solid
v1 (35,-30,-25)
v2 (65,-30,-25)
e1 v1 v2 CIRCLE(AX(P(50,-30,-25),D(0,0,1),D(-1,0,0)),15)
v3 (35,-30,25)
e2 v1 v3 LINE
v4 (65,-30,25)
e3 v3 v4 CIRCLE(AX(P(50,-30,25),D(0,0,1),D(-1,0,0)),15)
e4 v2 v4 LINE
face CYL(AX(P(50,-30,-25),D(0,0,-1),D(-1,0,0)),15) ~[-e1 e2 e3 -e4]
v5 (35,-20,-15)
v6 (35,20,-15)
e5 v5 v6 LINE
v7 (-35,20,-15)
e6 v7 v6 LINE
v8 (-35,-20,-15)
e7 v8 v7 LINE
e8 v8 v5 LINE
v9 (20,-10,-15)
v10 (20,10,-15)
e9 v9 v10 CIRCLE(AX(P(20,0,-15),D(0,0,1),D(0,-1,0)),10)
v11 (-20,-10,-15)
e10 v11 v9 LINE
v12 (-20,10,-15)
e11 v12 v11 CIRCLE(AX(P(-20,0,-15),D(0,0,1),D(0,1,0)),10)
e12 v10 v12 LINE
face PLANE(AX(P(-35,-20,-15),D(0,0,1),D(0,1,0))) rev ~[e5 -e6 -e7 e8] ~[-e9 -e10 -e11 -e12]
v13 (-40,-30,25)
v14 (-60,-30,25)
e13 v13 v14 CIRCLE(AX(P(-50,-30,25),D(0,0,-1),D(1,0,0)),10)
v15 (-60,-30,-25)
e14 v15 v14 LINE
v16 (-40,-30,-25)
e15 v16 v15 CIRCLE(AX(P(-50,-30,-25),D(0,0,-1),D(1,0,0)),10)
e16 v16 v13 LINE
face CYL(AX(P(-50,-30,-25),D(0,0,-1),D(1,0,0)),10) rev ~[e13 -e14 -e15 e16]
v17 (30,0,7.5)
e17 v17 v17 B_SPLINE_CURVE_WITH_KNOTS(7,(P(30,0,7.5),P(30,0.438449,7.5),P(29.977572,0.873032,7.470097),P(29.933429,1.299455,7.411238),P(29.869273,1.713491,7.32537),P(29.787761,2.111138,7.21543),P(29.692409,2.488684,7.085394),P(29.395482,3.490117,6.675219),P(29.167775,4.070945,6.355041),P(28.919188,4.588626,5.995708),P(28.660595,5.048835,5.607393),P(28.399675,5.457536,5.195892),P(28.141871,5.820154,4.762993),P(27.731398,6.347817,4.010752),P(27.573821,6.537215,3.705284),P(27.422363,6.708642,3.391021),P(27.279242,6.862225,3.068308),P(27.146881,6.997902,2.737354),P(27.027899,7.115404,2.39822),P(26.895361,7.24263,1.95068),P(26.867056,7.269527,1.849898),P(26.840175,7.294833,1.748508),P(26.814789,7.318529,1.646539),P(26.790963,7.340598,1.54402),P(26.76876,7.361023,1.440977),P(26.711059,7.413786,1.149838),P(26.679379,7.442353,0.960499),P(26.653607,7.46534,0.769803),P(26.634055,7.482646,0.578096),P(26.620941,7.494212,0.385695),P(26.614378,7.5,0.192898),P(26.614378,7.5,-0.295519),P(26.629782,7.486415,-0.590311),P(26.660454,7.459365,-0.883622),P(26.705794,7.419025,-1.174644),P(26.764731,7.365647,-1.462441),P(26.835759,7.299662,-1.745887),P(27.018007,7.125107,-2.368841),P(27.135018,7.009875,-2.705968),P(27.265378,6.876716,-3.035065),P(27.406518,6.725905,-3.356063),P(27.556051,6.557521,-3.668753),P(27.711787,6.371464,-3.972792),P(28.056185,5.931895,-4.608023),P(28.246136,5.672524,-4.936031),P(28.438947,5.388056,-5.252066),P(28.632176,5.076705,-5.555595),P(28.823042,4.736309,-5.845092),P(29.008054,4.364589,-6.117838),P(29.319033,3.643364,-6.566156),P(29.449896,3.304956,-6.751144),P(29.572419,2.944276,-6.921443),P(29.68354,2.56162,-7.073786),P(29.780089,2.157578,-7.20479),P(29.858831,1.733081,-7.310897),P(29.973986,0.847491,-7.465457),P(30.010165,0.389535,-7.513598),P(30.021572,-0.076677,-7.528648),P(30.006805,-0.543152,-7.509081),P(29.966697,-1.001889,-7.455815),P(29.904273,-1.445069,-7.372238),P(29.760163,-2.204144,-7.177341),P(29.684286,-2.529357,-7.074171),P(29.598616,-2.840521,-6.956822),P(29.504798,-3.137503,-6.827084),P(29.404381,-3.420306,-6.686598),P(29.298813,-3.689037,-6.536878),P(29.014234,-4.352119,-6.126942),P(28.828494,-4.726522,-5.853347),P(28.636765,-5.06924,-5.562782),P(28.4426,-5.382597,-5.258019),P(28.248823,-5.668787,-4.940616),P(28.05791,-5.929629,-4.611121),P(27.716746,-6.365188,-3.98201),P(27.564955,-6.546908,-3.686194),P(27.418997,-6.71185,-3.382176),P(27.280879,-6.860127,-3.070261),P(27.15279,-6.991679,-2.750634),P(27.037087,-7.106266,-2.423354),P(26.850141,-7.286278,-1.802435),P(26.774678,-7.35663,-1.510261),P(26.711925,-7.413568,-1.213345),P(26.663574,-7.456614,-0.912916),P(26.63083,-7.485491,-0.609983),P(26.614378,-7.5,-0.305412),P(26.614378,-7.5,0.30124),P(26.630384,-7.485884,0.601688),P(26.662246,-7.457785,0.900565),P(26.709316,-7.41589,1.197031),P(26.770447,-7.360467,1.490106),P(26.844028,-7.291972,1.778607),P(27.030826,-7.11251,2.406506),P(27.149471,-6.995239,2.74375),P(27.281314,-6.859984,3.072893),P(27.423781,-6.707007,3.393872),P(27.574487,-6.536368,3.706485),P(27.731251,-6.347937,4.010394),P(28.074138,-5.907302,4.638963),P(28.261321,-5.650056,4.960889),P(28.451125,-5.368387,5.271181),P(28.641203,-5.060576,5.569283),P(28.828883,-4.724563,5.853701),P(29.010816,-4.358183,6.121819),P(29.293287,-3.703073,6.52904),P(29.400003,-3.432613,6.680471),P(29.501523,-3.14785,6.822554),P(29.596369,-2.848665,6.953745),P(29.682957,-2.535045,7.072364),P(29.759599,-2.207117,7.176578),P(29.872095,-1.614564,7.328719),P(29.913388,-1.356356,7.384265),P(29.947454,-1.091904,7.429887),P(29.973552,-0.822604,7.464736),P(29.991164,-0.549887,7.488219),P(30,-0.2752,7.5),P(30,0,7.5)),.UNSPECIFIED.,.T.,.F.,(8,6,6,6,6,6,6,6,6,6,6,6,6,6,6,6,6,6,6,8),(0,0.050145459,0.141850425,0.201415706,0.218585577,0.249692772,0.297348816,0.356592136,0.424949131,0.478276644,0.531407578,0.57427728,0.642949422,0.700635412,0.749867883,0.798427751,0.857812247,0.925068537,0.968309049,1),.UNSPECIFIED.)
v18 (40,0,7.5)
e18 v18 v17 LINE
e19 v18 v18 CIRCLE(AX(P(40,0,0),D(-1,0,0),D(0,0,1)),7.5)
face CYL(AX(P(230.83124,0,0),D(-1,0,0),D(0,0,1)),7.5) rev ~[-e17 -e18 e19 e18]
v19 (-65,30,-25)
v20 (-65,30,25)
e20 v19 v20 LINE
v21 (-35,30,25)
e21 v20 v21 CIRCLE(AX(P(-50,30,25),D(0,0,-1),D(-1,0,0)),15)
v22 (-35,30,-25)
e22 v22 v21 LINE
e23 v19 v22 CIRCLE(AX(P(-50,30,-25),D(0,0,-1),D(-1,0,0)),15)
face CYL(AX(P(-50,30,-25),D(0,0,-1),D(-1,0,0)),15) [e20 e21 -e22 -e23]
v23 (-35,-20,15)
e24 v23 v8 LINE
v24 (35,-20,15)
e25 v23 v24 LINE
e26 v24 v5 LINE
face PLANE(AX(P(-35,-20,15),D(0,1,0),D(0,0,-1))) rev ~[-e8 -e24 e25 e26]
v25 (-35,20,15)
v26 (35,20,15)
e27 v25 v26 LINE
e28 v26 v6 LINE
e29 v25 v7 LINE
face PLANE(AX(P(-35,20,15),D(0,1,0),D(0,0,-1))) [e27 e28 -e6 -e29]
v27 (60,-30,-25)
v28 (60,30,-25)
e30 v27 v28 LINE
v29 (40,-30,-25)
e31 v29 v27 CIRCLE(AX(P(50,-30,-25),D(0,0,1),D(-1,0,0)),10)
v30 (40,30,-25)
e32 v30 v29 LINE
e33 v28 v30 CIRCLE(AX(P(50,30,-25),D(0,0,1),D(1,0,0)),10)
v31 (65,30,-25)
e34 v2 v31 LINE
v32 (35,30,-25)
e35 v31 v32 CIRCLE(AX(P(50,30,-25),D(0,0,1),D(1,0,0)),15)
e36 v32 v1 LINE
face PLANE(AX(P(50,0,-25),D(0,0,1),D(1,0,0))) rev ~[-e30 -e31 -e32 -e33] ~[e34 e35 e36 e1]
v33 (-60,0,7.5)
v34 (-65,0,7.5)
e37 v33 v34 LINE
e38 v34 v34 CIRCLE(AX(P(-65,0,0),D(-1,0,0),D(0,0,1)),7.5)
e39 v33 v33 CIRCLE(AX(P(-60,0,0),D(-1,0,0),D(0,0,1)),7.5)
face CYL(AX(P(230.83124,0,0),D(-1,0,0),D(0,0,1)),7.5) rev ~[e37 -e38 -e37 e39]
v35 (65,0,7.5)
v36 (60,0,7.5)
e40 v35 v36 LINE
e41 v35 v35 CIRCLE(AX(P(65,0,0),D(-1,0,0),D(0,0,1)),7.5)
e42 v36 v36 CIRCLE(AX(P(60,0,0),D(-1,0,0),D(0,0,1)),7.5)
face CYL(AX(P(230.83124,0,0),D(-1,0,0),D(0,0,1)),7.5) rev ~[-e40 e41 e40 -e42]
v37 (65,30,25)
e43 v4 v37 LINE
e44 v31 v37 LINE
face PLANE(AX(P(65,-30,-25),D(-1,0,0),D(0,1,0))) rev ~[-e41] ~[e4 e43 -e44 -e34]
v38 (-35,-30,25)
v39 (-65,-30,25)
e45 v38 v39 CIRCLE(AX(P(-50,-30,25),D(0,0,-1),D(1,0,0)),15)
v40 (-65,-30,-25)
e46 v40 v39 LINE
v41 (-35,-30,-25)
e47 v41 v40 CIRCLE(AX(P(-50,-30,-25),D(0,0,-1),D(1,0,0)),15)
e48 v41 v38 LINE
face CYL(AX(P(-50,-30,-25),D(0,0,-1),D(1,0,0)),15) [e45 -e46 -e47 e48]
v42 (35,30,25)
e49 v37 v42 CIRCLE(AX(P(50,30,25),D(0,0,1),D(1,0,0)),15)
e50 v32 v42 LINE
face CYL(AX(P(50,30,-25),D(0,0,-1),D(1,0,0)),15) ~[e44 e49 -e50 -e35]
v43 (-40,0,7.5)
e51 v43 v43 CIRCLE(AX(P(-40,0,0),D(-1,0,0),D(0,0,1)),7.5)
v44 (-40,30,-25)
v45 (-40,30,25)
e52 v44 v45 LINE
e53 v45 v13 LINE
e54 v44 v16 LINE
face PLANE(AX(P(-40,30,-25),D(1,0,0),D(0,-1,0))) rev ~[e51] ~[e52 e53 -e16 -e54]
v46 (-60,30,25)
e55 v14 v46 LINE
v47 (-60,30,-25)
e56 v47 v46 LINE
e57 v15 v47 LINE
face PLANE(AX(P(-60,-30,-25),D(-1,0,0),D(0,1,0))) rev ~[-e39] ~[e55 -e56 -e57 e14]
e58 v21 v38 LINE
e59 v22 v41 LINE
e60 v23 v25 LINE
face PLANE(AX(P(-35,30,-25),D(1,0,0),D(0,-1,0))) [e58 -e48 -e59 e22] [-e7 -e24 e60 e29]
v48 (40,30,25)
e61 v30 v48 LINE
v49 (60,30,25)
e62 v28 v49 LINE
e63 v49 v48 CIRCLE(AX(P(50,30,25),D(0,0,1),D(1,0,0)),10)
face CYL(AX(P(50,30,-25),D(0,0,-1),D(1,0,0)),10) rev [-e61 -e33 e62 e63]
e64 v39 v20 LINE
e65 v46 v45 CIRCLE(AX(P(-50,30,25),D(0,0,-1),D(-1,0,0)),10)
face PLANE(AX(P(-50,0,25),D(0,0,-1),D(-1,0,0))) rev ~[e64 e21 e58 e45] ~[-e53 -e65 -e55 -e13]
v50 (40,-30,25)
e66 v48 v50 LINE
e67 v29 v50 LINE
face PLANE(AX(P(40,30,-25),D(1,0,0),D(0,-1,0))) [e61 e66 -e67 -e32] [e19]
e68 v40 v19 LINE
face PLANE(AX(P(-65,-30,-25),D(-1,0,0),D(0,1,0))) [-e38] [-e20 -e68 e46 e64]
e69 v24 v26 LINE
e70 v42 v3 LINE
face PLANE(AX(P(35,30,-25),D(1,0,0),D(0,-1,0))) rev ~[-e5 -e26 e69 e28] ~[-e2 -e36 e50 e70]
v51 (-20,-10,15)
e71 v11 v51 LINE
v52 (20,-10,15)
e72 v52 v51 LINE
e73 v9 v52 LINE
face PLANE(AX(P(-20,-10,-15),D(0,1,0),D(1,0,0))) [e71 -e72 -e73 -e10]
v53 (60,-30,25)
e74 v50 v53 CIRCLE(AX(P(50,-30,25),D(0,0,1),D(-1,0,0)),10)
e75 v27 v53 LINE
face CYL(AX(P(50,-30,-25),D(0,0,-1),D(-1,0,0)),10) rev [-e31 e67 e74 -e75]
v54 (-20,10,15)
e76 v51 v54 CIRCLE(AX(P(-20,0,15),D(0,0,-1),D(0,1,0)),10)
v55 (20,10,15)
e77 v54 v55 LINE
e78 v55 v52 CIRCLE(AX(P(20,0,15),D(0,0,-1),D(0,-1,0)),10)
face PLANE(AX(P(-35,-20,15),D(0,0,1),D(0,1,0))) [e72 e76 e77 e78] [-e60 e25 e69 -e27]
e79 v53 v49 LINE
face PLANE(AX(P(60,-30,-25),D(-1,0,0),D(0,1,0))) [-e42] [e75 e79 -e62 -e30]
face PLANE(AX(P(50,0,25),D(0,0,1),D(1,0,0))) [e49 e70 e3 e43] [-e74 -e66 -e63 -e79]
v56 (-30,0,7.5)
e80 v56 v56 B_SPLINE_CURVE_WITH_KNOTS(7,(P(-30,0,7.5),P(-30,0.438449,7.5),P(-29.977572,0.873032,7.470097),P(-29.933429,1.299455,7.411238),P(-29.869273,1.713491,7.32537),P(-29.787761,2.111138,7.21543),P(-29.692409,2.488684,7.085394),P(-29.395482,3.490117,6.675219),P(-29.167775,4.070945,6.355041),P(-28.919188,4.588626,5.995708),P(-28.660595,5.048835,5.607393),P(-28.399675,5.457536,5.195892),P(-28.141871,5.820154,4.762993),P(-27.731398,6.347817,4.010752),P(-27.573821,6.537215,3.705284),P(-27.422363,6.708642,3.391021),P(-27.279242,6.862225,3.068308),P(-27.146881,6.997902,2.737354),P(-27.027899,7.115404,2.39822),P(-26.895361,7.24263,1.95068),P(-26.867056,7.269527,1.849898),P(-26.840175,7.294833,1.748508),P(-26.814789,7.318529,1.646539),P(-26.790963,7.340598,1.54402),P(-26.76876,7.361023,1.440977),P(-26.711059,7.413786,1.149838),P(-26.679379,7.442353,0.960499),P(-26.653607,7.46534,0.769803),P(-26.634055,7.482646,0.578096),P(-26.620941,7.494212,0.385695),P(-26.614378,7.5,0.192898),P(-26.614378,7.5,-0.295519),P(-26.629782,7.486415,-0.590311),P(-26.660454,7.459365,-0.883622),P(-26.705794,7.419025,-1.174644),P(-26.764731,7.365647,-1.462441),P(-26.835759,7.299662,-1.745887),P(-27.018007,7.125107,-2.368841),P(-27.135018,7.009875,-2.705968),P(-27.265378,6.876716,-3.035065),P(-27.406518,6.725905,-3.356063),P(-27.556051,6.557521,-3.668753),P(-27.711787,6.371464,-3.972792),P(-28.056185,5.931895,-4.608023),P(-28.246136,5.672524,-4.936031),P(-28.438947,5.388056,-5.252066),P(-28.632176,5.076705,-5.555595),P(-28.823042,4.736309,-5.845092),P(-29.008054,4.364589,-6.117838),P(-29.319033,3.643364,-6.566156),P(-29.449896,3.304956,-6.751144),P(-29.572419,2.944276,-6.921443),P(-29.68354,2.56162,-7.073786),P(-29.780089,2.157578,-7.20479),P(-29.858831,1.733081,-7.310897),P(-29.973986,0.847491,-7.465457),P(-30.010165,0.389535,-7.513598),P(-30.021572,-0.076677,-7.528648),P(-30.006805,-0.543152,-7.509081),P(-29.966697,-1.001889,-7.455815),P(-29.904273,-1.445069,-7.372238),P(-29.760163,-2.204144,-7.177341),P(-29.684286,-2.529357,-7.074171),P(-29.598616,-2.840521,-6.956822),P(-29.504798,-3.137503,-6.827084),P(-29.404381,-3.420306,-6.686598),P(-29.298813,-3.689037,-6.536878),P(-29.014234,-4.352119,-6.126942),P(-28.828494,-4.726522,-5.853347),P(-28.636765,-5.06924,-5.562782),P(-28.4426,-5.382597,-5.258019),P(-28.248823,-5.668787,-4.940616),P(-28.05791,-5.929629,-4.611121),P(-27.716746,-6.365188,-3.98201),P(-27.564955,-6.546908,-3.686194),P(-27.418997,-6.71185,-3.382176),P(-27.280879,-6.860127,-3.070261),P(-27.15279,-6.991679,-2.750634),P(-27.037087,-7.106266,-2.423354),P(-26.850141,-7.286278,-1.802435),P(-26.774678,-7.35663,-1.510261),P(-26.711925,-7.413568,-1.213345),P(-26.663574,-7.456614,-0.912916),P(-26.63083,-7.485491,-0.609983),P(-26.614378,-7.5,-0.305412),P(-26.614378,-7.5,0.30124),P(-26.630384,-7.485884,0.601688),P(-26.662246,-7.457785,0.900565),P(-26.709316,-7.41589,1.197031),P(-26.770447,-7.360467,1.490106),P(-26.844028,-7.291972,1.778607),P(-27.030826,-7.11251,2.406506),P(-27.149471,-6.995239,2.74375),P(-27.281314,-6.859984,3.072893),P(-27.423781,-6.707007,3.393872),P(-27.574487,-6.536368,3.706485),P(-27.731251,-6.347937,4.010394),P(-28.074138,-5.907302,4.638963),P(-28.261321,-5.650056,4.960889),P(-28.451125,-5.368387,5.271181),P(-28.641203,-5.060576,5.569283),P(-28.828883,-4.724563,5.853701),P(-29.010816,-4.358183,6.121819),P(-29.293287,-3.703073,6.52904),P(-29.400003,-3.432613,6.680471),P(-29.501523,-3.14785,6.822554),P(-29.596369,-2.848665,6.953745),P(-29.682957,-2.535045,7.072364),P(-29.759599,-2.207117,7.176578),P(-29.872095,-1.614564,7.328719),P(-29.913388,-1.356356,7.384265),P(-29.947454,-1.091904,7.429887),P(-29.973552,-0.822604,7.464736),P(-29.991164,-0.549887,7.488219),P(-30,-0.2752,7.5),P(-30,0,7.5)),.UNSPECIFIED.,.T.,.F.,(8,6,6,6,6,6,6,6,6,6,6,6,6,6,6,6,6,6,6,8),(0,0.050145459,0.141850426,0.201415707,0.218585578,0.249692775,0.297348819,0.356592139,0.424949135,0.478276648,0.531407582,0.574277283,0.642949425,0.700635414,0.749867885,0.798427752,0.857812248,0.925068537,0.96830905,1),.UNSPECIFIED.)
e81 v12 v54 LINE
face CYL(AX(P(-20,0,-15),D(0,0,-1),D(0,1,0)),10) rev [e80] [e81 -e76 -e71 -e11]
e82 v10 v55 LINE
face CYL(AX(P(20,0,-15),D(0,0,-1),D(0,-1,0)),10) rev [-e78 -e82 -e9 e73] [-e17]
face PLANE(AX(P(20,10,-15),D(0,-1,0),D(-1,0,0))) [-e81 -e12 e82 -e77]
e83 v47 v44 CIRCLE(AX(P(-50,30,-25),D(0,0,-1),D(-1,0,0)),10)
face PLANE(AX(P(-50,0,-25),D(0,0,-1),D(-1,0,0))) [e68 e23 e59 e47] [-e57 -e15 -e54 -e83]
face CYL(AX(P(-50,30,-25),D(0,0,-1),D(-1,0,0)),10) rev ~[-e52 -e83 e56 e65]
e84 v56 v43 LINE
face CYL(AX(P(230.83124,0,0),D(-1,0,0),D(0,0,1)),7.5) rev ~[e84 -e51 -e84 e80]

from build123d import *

# Parameters (mm, degrees)
BOSS_EXTRUDE1_DEPTH        = 25
BOSS_EXTRUDE1_DEPTH_BACK   = 25
BOSS_EXTRUDE1_2_DEPTH      = 25
BOSS_EXTRUDE1_2_DEPTH_BACK = 25
BOSS_EXTRUDE2_REACH        = 114.472
SKETCH3_W                  = 30
SKETCH3_H                  = 40
CUT_EXTRUDE1_DEPTH         = 89.600225733
HOLE1_D                    = 15


with BuildPart() as part:
    # Sketch1 → Boss-Extrude1 (new, two sides: drawn at the far end of the back side and taken through both)
    with BuildSketch(Plane.XY.offset(-BOSS_EXTRUDE1_DEPTH_BACK)):
        with BuildLine():
            Line((-35, 30), (-35, -30))
            ThreePointArc((-35, -30), (-50, -45), (-65, -30))
            Line((-65, -30), (-65, 30))
            ThreePointArc((-65, 30), (-50, 45), (-35, 30))
        make_face()
        with BuildLine():
            Line((-40, 30), (-40, -30))
            ThreePointArc((-40, -30), (-50, -40), (-60, -30))
            Line((-60, -30), (-60, 30))
            ThreePointArc((-60, 30), (-50, 40), (-40, 30))
        make_face(mode=Mode.SUBTRACT)
    extrude(amount=BOSS_EXTRUDE1_DEPTH + BOSS_EXTRUDE1_DEPTH_BACK)


with BuildPart() as body_2:
    # Sketch1 → Boss-Extrude1 2 (new, two sides: drawn at the far end of the back side and taken through both)
    with BuildSketch(Plane.XY.offset(-BOSS_EXTRUDE1_2_DEPTH_BACK)):
        with BuildLine():
            Line((35, 30), (35, -30))
            ThreePointArc((35, -30), (50, -45), (65, -30))
            Line((65, -30), (65, 30))
            ThreePointArc((65, 30), (50, 45), (35, 30))
        make_face()
        with BuildLine():
            Line((40, 30), (40, -30))
            ThreePointArc((40, -30), (50, -40), (60, -30))
            Line((60, -30), (60, 30))
            ThreePointArc((60, 30), (50, 40), (40, 30))
        make_face(mode=Mode.SUBTRACT)
    extrude(amount=BOSS_EXTRUDE1_2_DEPTH + BOSS_EXTRUDE1_2_DEPTH_BACK)

    # Sketch3 → Boss-Extrude2 (add, up to next)
    with BuildSketch(Plane(origin=(-35, 0, 0), x_dir=(0, 0, -1), z_dir=(1, 0, 0)), mode=Mode.PRIVATE) as boss_extrude2_sk1:
        Rectangle(SKETCH3_W, SKETCH3_H)
    boss_extrude2_tool1 = extrude(boss_extrude2_sk1.sketch, amount=BOSS_EXTRUDE2_REACH, mode=Mode.PRIVATE) - body_2.part

    add(part.part)  # Boss-Extrude2 merges part
    add(boss_extrude2_tool1.solids().sort_by_distance((-35, 0, 0))[0])

    # Sketch4 → Cut-Extrude1 (cut, through all)
    with BuildSketch(Plane(origin=(0, 0, -15), x_dir=(-1, 0, 0), z_dir=(0, 0, -1))):
        with BuildLine():
            Line((-20, 10), (20, 10))
            ThreePointArc((20, 10), (30, 0), (20, -10))
            Line((20, -10), (-20, -10))
            ThreePointArc((-20, -10), (-30, 0), (-20, 10))
        make_face()
    extrude(amount=-CUT_EXTRUDE1_DEPTH, mode=Mode.SUBTRACT)

    # Hole1 (through all)
    with Locations(Plane(origin=(65, 0, 0), x_dir=(0, 0, -1), z_dir=(1, 0, 0))):
        with Locations((0, 0)):
            Hole(HOLE1_D / 2)


solid = body_2.part
